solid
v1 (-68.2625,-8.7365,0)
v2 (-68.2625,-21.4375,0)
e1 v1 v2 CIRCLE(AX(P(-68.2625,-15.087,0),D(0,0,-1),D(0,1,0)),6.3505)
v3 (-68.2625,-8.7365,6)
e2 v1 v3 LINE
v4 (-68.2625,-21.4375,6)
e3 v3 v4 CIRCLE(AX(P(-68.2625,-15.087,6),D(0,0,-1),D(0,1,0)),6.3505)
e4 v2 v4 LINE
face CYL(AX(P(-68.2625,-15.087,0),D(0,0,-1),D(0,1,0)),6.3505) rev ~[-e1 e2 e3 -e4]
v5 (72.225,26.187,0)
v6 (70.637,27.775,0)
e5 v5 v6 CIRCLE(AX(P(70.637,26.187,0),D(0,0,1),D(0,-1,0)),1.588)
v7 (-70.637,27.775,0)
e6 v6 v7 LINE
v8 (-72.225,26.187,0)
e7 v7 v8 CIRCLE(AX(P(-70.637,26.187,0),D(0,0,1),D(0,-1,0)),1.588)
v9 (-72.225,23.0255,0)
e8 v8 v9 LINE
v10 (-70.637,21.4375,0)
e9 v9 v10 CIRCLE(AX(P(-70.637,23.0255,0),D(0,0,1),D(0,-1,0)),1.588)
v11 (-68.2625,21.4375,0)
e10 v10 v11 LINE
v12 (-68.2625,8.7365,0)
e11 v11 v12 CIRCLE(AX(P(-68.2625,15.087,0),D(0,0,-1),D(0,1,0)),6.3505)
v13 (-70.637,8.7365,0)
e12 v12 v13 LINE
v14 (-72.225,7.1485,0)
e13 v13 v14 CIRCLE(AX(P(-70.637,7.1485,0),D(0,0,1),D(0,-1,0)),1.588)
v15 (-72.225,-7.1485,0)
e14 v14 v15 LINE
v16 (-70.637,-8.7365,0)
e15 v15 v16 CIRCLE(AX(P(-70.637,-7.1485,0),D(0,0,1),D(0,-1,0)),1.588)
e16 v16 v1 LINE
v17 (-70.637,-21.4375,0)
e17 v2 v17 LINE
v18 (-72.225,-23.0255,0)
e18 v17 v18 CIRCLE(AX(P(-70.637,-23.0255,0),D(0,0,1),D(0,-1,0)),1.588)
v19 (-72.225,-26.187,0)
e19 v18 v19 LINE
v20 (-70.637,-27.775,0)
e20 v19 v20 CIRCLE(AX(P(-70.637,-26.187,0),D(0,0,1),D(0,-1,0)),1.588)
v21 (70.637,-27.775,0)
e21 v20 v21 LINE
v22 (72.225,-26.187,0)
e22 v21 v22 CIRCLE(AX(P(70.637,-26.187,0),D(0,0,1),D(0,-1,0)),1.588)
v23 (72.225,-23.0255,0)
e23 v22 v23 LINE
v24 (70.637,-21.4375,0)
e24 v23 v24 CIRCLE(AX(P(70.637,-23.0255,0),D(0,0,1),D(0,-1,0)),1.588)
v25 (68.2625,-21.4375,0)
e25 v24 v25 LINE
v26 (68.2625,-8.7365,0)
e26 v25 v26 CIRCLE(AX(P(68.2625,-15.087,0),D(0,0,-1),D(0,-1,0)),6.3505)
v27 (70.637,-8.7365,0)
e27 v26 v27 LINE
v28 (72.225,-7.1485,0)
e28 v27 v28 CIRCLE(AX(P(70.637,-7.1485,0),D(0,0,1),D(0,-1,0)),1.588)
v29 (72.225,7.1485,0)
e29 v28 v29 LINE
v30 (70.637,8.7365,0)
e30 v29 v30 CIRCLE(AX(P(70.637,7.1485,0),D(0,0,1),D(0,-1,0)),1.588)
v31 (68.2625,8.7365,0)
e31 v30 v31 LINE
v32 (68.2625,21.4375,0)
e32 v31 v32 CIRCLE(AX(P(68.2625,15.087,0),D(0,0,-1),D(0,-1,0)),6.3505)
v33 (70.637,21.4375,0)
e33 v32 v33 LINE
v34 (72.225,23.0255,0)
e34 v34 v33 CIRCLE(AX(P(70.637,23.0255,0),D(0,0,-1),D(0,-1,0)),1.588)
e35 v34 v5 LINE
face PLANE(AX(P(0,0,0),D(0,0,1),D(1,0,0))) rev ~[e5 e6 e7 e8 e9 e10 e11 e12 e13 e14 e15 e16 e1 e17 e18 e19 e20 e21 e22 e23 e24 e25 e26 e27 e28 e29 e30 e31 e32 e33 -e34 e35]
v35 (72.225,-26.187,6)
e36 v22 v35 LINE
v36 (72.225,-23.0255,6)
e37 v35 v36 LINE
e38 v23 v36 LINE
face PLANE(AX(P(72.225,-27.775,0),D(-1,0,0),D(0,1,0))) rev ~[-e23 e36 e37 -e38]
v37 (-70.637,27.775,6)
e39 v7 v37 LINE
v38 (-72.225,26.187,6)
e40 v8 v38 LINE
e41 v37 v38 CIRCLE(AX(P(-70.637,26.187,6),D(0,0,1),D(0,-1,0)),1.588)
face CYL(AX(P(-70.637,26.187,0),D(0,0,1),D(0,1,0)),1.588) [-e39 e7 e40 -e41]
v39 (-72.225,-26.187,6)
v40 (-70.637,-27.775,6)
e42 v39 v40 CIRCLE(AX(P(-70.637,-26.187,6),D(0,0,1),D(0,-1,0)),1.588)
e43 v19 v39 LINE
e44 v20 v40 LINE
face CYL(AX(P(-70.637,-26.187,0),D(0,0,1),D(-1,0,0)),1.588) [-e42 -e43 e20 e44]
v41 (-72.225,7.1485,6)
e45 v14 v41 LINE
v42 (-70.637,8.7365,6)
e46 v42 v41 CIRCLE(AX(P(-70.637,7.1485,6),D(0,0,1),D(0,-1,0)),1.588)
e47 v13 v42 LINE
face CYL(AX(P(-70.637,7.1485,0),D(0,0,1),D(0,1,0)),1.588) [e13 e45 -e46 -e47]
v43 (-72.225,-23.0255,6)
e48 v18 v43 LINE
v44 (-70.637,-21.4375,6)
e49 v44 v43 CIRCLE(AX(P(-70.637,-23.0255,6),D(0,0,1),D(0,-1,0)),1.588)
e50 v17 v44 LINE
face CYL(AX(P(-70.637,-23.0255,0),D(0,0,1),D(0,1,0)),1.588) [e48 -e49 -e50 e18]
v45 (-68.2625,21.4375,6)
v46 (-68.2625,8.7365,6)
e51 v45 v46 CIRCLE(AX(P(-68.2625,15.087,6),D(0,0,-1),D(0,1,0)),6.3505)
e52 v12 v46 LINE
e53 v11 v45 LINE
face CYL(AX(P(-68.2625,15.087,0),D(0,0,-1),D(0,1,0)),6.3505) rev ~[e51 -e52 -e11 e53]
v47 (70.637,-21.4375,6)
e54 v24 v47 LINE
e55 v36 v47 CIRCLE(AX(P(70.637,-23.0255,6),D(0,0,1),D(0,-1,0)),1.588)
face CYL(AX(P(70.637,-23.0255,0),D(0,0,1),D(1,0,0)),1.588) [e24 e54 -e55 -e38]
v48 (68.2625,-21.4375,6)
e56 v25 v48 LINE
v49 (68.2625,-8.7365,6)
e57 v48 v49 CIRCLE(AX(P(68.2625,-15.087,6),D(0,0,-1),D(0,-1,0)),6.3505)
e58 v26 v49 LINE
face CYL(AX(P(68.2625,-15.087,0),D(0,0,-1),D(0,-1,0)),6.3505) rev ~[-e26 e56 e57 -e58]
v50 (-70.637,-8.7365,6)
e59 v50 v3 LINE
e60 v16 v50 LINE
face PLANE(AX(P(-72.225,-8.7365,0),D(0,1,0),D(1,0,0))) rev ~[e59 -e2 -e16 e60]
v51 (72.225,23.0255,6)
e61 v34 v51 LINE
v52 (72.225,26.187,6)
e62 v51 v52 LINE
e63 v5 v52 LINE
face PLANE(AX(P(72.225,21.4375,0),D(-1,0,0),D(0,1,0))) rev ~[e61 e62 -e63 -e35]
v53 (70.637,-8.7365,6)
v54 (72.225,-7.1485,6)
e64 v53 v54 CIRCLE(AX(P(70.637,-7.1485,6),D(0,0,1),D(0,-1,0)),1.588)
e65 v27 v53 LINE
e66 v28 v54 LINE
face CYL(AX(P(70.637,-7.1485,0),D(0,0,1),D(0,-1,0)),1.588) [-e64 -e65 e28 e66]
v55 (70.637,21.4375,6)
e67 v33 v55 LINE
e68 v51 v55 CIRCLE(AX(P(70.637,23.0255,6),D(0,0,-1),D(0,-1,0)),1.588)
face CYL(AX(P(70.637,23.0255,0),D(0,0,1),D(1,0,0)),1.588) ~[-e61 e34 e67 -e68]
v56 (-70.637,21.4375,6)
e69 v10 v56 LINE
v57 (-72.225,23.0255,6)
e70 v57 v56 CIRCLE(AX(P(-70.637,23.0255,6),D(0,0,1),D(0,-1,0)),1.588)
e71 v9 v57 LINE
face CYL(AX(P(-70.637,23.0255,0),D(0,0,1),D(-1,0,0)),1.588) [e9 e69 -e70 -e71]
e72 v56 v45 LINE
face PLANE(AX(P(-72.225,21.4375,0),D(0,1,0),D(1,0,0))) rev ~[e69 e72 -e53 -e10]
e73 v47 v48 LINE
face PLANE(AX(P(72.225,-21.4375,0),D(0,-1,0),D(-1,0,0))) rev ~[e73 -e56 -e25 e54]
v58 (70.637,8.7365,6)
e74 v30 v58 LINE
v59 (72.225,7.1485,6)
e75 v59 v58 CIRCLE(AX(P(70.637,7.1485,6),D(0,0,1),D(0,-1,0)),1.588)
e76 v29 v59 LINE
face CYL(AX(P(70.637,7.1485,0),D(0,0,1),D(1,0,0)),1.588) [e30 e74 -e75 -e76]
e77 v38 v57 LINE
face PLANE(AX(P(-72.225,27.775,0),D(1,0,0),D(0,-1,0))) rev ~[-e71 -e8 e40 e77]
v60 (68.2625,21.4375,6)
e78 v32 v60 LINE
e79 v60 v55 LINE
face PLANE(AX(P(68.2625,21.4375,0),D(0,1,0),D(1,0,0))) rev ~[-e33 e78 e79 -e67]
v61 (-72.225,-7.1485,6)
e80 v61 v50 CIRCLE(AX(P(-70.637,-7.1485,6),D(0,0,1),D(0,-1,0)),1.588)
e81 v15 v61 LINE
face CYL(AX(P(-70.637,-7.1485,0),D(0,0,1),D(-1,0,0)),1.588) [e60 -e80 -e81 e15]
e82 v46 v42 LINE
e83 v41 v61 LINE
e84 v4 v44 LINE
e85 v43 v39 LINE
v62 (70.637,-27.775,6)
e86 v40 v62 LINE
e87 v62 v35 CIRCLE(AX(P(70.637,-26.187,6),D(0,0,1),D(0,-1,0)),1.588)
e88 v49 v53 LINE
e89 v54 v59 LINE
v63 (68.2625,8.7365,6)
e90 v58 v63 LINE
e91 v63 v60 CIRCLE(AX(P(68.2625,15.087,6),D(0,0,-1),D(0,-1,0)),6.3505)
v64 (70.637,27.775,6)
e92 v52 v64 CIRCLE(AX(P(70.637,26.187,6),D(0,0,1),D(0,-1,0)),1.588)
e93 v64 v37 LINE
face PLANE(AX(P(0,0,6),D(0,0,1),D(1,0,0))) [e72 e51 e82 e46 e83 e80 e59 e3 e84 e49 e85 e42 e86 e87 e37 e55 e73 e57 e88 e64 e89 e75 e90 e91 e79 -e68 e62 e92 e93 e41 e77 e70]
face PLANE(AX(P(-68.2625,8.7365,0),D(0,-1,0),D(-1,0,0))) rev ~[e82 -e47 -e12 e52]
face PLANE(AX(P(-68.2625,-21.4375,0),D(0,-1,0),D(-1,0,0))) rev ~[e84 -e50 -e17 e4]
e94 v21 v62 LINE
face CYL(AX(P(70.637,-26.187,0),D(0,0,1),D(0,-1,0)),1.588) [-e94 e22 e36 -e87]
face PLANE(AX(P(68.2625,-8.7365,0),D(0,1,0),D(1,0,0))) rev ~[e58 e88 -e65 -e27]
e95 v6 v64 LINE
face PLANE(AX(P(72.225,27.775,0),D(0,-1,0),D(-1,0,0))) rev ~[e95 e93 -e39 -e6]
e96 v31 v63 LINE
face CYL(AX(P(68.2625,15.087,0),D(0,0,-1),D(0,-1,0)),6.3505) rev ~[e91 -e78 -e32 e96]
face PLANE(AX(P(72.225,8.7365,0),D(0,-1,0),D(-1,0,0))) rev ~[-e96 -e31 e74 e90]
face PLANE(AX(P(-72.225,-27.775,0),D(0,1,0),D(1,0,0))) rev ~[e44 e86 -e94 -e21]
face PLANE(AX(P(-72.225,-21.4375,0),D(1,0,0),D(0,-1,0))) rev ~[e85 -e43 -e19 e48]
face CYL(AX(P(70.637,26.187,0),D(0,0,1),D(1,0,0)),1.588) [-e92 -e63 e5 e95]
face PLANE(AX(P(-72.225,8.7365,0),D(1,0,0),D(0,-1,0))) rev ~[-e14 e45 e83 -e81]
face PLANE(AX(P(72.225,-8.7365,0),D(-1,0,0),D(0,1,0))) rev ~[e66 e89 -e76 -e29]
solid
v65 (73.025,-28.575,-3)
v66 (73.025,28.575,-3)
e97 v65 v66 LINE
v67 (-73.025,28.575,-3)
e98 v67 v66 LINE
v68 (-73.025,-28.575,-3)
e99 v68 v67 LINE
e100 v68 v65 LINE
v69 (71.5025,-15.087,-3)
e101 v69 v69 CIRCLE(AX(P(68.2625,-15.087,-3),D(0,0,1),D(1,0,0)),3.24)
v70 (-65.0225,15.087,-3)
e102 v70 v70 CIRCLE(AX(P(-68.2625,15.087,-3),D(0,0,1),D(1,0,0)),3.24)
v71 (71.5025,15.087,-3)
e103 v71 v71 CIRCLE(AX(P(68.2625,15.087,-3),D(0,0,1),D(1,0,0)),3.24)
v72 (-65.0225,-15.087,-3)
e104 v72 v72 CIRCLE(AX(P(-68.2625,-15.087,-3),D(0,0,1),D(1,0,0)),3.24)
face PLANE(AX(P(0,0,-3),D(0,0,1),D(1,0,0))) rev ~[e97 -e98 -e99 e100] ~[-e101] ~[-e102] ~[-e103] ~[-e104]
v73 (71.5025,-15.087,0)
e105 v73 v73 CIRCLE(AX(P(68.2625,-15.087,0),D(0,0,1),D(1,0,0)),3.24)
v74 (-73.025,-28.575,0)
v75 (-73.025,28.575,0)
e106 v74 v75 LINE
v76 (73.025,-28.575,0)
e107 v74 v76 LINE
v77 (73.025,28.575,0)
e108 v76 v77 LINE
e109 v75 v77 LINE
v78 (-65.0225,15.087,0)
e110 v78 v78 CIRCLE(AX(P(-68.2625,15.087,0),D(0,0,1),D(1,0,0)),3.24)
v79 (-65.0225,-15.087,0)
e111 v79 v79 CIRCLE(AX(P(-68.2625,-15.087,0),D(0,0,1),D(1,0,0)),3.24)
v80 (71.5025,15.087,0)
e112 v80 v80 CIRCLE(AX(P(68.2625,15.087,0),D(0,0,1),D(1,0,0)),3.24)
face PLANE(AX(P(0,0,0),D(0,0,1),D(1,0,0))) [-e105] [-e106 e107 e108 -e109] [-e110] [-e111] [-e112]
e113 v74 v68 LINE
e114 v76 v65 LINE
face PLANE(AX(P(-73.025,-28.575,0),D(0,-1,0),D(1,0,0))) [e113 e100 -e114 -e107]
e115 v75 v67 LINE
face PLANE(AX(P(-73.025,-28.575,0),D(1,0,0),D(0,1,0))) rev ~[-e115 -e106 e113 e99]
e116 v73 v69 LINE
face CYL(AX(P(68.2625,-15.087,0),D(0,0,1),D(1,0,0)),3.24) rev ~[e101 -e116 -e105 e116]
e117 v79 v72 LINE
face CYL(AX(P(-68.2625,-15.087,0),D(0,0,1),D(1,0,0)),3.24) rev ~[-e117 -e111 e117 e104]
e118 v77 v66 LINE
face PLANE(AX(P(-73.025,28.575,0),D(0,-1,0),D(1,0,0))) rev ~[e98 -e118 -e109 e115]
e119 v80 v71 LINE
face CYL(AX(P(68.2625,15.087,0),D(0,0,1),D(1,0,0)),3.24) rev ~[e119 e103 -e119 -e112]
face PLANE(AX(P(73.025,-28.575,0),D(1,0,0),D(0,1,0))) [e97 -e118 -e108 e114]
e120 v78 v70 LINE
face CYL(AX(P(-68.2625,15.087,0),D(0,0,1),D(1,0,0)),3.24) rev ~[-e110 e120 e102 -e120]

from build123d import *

# Parameters (mm, degrees)
F0_W     = 146.05
F0_H     = 57.15
F0_R     = 3.24
F1_DEPTH = 3
F2_DEPTH = 6
F3_R     = 1.588


with BuildPart() as f1:
    # F0 (on Top) → F1 (new body)
    with BuildSketch(Plane.XY):
        Rectangle(F0_W, F0_H)
        with Locations((-68.2625, -15.087)):
            Circle(F0_R, mode=Mode.SUBTRACT)
        with Locations((68.2625, -15.087)):
            Circle(F0_R, mode=Mode.SUBTRACT)
        with Locations((-68.2625, 15.087)):
            Circle(F0_R, mode=Mode.SUBTRACT)
        with BuildLine():
            Line((-72.225, 27.775), (72.225, 27.775))
            Line((72.225, 27.775), (72.225, 21.4375))
            Line((72.225, 21.4375), (68.2625, 21.4375))
            ThreePointArc((68.2625, 21.4375), (61.912, 15.087), (68.2625, 8.7365))
            Line((68.2625, 8.7365), (72.225, 8.7365))
            Line((72.225, 8.7365), (72.225, -8.7365))
            Line((72.225, -8.7365), (68.2625, -8.7365))
            ThreePointArc((68.2625, -8.7365), (61.912, -15.087), (68.2625, -21.4375))
            Line((68.2625, -21.4375), (72.225, -21.4375))
            Line((72.225, -21.4375), (72.225, -27.775))
            Line((72.225, -27.775), (-72.225, -27.775))
            Line((-72.225, -27.775), (-72.225, -21.4375))
            Line((-72.225, -21.4375), (-68.2625, -21.4375))
            ThreePointArc((-68.2625, -21.4375), (-61.912, -15.087), (-68.2625, -8.7365))
            Line((-68.2625, -8.7365), (-72.225, -8.7365))
            Line((-72.225, -8.7365), (-72.225, 8.7365))
            Line((-72.225, 8.7365), (-68.2625, 8.7365))
            ThreePointArc((-68.2625, 8.7365), (-61.912, 15.087), (-68.2625, 21.4375))
            Line((-68.2625, 21.4375), (-72.225, 21.4375))
            Line((-72.225, 21.4375), (-72.225, 27.775))
        make_face(mode=Mode.SUBTRACT)
        with Locations((68.2625, 15.087)):
            Circle(F0_R, mode=Mode.SUBTRACT)
        with BuildLine():
            Line((72.225, 21.4375), (72.225, 27.775))
            Line((72.225, 27.775), (-72.225, 27.775))
            Line((-72.225, 27.775), (-72.225, 21.4375))
            Line((-72.225, 21.4375), (-68.2625, 21.4375))
            ThreePointArc((-68.2625, 21.4375), (-61.912, 15.087), (-68.2625, 8.7365))
            Line((-68.2625, 8.7365), (-72.225, 8.7365))
            Line((-72.225, 8.7365), (-72.225, -8.7365))
            Line((-72.225, -8.7365), (-68.2625, -8.7365))
            ThreePointArc((-68.2625, -8.7365), (-61.912, -15.087), (-68.2625, -21.4375))
            Line((-68.2625, -21.4375), (-72.225, -21.4375))
            Line((-72.225, -21.4375), (-72.225, -27.775))
            Line((-72.225, -27.775), (72.225, -27.775))
            Line((72.225, -27.775), (72.225, -21.4375))
            Line((72.225, -21.4375), (68.2625, -21.4375))
            ThreePointArc((68.2625, -21.4375), (61.912, -15.087), (68.2625, -8.7365))
            Line((68.2625, -8.7365), (72.225, -8.7365))
            Line((72.225, -8.7365), (72.225, 8.7365))
            Line((72.225, 8.7365), (68.2625, 8.7365))
            ThreePointArc((68.2625, 8.7365), (61.912, 15.087), (68.2625, 21.4375))
            Line((68.2625, 21.4375), (72.225, 21.4375))
        make_face()
    extrude(amount=-F1_DEPTH)


with BuildPart() as f2:
    # F0 (on Top) → F2 (new body)
    with BuildSketch(Plane.XY):
        with BuildLine():
            Line((72.225, 21.4375), (72.225, 27.775))
            Line((72.225, 27.775), (-72.225, 27.775))
            Line((-72.225, 27.775), (-72.225, 21.4375))
            Line((-72.225, 21.4375), (-68.2625, 21.4375))
            ThreePointArc((-68.2625, 21.4375), (-61.912, 15.087), (-68.2625, 8.7365))
            Line((-68.2625, 8.7365), (-72.225, 8.7365))
            Line((-72.225, 8.7365), (-72.225, -8.7365))
            Line((-72.225, -8.7365), (-68.2625, -8.7365))
            ThreePointArc((-68.2625, -8.7365), (-61.912, -15.087), (-68.2625, -21.4375))
            Line((-68.2625, -21.4375), (-72.225, -21.4375))
            Line((-72.225, -21.4375), (-72.225, -27.775))
            Line((-72.225, -27.775), (72.225, -27.775))
            Line((72.225, -27.775), (72.225, -21.4375))
            Line((72.225, -21.4375), (68.2625, -21.4375))
            ThreePointArc((68.2625, -21.4375), (61.912, -15.087), (68.2625, -8.7365))
            Line((68.2625, -8.7365), (72.225, -8.7365))
            Line((72.225, -8.7365), (72.225, 8.7365))
            Line((72.225, 8.7365), (68.2625, 8.7365))
            ThreePointArc((68.2625, 8.7365), (61.912, 15.087), (68.2625, 21.4375))
            Line((68.2625, 21.4375), (72.225, 21.4375))
        make_face()
    extrude(amount=F2_DEPTH)

    # F3
    f3_edges = [f2.edges().sort_by_distance(p)[0] for p in [
        (-72.225, 27.775, 3),
        (-72.225, 21.4375, 3),
        (-72.225, 8.7365, 3),
        (-72.225, -8.7365, 3),
        (-72.225, -21.4375, 3),
        (-72.225, -27.775, 3),
        (72.225, 21.4375, 3),
        (72.225, -8.7365, 3),
        (72.225, -27.775, 3),
        (72.225, -21.4375, 3),
        (72.225, 8.7365, 3),
        (72.225, 27.775, 3),
    ]]
    fillet(f3_edges, radius=F3_R)


solid = Compound([f1.part, f2.part])
